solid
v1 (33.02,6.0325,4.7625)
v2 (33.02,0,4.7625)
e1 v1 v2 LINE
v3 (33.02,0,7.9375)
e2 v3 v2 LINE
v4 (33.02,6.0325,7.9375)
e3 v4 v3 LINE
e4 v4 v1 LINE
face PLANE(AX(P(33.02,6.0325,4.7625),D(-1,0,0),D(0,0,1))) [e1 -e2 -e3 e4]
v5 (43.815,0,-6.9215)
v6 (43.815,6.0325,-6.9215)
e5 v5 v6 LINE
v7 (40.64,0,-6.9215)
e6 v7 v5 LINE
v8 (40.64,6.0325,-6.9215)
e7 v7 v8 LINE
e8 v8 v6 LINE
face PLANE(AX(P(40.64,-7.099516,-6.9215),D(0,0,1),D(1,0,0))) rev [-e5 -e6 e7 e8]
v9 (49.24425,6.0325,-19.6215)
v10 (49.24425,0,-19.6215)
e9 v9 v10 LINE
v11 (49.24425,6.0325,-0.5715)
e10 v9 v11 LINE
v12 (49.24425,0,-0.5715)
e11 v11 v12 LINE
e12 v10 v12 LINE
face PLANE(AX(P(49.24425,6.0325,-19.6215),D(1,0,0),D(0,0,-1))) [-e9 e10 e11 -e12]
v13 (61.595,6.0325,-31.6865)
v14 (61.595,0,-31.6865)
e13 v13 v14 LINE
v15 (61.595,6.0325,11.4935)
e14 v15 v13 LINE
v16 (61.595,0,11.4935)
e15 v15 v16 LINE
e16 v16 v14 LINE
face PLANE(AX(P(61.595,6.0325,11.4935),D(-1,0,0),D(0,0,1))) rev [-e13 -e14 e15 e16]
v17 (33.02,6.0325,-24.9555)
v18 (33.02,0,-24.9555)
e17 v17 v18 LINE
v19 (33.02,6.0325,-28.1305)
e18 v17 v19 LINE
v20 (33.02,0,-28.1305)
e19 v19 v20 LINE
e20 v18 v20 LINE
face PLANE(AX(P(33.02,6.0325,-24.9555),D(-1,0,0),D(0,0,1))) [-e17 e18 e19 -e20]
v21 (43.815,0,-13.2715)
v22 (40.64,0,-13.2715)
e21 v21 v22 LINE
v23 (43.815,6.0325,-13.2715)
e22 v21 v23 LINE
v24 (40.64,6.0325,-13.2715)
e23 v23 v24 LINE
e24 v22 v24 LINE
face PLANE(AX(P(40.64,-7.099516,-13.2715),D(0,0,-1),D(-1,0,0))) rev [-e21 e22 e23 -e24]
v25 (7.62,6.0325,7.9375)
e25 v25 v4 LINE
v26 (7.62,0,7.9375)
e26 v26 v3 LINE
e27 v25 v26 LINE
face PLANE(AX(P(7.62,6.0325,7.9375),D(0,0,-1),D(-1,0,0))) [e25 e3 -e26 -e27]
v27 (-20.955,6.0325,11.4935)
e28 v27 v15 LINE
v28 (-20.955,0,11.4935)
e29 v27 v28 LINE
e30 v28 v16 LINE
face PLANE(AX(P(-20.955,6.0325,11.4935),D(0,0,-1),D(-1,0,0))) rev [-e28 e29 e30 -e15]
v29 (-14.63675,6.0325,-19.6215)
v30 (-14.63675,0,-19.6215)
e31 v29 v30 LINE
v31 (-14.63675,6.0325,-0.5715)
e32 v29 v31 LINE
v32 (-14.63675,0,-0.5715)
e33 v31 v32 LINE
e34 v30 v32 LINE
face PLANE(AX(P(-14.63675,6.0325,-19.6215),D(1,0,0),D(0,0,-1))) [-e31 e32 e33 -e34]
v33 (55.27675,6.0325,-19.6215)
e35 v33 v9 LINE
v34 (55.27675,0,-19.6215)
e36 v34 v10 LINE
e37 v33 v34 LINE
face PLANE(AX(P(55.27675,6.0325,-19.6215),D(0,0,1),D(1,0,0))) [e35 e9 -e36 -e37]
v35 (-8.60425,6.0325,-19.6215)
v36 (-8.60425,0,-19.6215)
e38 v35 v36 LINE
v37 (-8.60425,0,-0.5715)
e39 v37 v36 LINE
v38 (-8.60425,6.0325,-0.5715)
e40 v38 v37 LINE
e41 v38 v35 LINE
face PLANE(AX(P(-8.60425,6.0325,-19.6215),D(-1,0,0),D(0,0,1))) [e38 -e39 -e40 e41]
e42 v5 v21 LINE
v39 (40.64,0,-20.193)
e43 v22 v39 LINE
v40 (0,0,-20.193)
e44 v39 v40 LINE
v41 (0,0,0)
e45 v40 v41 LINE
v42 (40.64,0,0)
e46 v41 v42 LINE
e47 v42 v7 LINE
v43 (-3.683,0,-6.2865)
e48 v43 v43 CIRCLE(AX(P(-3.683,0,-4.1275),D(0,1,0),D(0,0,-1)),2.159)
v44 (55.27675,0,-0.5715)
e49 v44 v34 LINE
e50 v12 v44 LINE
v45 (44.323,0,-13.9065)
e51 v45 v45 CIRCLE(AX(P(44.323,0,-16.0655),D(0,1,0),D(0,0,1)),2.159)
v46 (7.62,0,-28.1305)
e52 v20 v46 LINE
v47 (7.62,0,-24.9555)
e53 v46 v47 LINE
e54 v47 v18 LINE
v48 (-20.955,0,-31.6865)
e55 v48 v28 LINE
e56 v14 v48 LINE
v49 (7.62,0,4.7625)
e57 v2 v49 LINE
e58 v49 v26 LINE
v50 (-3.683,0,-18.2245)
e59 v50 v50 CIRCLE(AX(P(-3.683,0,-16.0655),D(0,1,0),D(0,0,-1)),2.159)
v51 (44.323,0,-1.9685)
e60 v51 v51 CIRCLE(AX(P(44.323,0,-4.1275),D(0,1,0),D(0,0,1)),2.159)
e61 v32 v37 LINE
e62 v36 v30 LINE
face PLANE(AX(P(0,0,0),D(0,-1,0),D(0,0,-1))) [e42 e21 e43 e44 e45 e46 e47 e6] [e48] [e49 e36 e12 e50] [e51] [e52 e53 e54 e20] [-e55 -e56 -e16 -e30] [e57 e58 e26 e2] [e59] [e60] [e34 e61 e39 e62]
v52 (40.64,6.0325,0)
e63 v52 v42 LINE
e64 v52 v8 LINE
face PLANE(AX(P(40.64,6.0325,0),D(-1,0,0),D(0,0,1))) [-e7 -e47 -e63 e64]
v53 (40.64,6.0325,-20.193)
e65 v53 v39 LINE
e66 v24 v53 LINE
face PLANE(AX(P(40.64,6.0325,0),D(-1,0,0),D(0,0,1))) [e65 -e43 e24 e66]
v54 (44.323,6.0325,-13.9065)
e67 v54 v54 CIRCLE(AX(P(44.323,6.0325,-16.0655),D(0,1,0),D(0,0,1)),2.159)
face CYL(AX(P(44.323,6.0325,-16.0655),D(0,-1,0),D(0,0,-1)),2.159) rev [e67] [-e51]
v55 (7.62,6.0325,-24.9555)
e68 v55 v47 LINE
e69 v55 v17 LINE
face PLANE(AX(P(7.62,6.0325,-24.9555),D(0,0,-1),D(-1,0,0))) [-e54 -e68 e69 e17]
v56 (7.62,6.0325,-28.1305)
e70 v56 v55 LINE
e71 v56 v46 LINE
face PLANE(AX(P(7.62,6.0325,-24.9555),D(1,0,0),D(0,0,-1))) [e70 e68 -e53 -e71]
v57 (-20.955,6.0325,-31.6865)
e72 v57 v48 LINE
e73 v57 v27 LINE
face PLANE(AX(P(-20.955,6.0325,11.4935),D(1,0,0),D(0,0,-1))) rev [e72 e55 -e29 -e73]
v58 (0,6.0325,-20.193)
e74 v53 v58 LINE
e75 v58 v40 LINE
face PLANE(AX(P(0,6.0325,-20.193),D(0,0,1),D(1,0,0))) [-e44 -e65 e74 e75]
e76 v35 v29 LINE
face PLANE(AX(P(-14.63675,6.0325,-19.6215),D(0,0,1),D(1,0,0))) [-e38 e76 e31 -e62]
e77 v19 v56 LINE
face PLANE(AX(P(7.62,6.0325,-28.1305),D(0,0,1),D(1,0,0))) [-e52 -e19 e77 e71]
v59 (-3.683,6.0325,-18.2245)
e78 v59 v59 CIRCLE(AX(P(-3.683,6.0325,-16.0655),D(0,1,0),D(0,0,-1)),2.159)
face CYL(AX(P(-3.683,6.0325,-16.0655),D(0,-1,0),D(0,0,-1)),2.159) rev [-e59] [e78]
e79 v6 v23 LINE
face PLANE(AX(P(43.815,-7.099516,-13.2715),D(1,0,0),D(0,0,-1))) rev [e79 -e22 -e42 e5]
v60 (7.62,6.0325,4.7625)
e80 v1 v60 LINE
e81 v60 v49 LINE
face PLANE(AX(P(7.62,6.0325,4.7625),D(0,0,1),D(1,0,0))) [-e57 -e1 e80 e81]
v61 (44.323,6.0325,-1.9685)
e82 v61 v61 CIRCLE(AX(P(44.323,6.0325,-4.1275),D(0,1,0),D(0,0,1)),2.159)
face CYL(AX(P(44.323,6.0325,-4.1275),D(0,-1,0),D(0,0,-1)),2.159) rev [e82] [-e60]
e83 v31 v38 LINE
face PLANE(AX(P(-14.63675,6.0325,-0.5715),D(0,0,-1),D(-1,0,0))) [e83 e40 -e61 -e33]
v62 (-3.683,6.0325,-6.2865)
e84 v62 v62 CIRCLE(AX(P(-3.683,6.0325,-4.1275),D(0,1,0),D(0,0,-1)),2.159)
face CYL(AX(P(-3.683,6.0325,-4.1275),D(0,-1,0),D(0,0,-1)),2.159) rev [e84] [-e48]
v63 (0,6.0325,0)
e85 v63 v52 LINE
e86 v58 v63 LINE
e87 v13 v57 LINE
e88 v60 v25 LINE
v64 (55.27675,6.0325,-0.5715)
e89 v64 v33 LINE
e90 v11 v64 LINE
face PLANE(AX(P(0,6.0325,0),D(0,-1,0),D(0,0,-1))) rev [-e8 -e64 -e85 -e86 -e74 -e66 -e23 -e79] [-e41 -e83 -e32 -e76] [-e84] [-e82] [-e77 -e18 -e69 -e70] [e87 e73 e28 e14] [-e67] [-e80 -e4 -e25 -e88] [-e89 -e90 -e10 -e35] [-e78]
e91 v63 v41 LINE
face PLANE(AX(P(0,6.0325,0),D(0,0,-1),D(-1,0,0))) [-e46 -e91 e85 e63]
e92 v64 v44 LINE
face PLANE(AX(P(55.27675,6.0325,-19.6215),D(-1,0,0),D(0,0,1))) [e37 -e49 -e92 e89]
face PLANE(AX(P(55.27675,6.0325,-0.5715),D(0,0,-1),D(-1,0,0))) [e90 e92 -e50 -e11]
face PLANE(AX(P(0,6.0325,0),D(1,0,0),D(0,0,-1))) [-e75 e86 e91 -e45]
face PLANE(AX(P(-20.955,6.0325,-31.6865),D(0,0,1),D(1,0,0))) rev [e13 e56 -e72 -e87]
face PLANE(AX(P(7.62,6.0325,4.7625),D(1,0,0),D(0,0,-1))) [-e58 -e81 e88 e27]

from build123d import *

# Parameters (mm, degrees)
SKETCH1_W           = 82.55
SKETCH1_H           = 43.18
SKETCH1_R           = 2.159
SKETCH1_W_2         = 40.64
SKETCH1_H_2         = 20.193
SKETCH1_W_3         = 25.4
SKETCH1_H_3         = 3.175
SKETCH1_W_4         = 6.0325
SKETCH1_H_4         = 19.05
BOSS_EXTRUDE1_DEPTH = 6.0325
SKETCH2_W           = 3.175
SKETCH2_H           = 6.35
CUT_EXTRUDE1_DEPTH  = 6.0325


with BuildPart() as part:
    # Sketch1 → Boss-Extrude1 (new body)
    with BuildSketch(Plane(origin=(0, 0, 0), x_dir=(1, 0, 0), z_dir=(0, 1, 0))):
        with Locations((20.32, 10.0965)):
            Rectangle(SKETCH1_W, SKETCH1_H)
        with Locations((44.323, 16.0655)):
            Circle(SKETCH1_R, mode=Mode.SUBTRACT)
        with Locations((44.323, 4.1275)):
            Circle(SKETCH1_R, mode=Mode.SUBTRACT)
        with Locations((-3.683, 4.1275)):
            Circle(SKETCH1_R, mode=Mode.SUBTRACT)
        with Locations((-3.683, 16.0655)):
            Circle(SKETCH1_R, mode=Mode.SUBTRACT)
        with Locations((20.32, 10.0965)):
            Rectangle(SKETCH1_W_2, SKETCH1_H_2, mode=Mode.SUBTRACT)
        with Locations((20.32, -6.35)):
            Rectangle(SKETCH1_W_3, SKETCH1_H_3, mode=Mode.SUBTRACT)
        with Locations((20.32, 26.543)):
            Rectangle(SKETCH1_W_3, SKETCH1_H_3, mode=Mode.SUBTRACT)
        with Locations((-11.6205, 10.0965)):
            Rectangle(SKETCH1_W_4, SKETCH1_H_4, mode=Mode.SUBTRACT)
        with Locations((52.2605, 10.0965)):
            Rectangle(SKETCH1_W_4, SKETCH1_H_4, mode=Mode.SUBTRACT)
    extrude(amount=BOSS_EXTRUDE1_DEPTH)

    # Sketch2 → Cut-Extrude1 (cut)
    with BuildSketch(Plane(origin=(0, 6.0325, 0), x_dir=(1, 0, 0), z_dir=(0, 1, 0))):
        with Locations((42.2275, 10.0965)):
            Rectangle(SKETCH2_W, SKETCH2_H)
    extrude(amount=-CUT_EXTRUDE1_DEPTH, mode=Mode.SUBTRACT)


solid = part.part
